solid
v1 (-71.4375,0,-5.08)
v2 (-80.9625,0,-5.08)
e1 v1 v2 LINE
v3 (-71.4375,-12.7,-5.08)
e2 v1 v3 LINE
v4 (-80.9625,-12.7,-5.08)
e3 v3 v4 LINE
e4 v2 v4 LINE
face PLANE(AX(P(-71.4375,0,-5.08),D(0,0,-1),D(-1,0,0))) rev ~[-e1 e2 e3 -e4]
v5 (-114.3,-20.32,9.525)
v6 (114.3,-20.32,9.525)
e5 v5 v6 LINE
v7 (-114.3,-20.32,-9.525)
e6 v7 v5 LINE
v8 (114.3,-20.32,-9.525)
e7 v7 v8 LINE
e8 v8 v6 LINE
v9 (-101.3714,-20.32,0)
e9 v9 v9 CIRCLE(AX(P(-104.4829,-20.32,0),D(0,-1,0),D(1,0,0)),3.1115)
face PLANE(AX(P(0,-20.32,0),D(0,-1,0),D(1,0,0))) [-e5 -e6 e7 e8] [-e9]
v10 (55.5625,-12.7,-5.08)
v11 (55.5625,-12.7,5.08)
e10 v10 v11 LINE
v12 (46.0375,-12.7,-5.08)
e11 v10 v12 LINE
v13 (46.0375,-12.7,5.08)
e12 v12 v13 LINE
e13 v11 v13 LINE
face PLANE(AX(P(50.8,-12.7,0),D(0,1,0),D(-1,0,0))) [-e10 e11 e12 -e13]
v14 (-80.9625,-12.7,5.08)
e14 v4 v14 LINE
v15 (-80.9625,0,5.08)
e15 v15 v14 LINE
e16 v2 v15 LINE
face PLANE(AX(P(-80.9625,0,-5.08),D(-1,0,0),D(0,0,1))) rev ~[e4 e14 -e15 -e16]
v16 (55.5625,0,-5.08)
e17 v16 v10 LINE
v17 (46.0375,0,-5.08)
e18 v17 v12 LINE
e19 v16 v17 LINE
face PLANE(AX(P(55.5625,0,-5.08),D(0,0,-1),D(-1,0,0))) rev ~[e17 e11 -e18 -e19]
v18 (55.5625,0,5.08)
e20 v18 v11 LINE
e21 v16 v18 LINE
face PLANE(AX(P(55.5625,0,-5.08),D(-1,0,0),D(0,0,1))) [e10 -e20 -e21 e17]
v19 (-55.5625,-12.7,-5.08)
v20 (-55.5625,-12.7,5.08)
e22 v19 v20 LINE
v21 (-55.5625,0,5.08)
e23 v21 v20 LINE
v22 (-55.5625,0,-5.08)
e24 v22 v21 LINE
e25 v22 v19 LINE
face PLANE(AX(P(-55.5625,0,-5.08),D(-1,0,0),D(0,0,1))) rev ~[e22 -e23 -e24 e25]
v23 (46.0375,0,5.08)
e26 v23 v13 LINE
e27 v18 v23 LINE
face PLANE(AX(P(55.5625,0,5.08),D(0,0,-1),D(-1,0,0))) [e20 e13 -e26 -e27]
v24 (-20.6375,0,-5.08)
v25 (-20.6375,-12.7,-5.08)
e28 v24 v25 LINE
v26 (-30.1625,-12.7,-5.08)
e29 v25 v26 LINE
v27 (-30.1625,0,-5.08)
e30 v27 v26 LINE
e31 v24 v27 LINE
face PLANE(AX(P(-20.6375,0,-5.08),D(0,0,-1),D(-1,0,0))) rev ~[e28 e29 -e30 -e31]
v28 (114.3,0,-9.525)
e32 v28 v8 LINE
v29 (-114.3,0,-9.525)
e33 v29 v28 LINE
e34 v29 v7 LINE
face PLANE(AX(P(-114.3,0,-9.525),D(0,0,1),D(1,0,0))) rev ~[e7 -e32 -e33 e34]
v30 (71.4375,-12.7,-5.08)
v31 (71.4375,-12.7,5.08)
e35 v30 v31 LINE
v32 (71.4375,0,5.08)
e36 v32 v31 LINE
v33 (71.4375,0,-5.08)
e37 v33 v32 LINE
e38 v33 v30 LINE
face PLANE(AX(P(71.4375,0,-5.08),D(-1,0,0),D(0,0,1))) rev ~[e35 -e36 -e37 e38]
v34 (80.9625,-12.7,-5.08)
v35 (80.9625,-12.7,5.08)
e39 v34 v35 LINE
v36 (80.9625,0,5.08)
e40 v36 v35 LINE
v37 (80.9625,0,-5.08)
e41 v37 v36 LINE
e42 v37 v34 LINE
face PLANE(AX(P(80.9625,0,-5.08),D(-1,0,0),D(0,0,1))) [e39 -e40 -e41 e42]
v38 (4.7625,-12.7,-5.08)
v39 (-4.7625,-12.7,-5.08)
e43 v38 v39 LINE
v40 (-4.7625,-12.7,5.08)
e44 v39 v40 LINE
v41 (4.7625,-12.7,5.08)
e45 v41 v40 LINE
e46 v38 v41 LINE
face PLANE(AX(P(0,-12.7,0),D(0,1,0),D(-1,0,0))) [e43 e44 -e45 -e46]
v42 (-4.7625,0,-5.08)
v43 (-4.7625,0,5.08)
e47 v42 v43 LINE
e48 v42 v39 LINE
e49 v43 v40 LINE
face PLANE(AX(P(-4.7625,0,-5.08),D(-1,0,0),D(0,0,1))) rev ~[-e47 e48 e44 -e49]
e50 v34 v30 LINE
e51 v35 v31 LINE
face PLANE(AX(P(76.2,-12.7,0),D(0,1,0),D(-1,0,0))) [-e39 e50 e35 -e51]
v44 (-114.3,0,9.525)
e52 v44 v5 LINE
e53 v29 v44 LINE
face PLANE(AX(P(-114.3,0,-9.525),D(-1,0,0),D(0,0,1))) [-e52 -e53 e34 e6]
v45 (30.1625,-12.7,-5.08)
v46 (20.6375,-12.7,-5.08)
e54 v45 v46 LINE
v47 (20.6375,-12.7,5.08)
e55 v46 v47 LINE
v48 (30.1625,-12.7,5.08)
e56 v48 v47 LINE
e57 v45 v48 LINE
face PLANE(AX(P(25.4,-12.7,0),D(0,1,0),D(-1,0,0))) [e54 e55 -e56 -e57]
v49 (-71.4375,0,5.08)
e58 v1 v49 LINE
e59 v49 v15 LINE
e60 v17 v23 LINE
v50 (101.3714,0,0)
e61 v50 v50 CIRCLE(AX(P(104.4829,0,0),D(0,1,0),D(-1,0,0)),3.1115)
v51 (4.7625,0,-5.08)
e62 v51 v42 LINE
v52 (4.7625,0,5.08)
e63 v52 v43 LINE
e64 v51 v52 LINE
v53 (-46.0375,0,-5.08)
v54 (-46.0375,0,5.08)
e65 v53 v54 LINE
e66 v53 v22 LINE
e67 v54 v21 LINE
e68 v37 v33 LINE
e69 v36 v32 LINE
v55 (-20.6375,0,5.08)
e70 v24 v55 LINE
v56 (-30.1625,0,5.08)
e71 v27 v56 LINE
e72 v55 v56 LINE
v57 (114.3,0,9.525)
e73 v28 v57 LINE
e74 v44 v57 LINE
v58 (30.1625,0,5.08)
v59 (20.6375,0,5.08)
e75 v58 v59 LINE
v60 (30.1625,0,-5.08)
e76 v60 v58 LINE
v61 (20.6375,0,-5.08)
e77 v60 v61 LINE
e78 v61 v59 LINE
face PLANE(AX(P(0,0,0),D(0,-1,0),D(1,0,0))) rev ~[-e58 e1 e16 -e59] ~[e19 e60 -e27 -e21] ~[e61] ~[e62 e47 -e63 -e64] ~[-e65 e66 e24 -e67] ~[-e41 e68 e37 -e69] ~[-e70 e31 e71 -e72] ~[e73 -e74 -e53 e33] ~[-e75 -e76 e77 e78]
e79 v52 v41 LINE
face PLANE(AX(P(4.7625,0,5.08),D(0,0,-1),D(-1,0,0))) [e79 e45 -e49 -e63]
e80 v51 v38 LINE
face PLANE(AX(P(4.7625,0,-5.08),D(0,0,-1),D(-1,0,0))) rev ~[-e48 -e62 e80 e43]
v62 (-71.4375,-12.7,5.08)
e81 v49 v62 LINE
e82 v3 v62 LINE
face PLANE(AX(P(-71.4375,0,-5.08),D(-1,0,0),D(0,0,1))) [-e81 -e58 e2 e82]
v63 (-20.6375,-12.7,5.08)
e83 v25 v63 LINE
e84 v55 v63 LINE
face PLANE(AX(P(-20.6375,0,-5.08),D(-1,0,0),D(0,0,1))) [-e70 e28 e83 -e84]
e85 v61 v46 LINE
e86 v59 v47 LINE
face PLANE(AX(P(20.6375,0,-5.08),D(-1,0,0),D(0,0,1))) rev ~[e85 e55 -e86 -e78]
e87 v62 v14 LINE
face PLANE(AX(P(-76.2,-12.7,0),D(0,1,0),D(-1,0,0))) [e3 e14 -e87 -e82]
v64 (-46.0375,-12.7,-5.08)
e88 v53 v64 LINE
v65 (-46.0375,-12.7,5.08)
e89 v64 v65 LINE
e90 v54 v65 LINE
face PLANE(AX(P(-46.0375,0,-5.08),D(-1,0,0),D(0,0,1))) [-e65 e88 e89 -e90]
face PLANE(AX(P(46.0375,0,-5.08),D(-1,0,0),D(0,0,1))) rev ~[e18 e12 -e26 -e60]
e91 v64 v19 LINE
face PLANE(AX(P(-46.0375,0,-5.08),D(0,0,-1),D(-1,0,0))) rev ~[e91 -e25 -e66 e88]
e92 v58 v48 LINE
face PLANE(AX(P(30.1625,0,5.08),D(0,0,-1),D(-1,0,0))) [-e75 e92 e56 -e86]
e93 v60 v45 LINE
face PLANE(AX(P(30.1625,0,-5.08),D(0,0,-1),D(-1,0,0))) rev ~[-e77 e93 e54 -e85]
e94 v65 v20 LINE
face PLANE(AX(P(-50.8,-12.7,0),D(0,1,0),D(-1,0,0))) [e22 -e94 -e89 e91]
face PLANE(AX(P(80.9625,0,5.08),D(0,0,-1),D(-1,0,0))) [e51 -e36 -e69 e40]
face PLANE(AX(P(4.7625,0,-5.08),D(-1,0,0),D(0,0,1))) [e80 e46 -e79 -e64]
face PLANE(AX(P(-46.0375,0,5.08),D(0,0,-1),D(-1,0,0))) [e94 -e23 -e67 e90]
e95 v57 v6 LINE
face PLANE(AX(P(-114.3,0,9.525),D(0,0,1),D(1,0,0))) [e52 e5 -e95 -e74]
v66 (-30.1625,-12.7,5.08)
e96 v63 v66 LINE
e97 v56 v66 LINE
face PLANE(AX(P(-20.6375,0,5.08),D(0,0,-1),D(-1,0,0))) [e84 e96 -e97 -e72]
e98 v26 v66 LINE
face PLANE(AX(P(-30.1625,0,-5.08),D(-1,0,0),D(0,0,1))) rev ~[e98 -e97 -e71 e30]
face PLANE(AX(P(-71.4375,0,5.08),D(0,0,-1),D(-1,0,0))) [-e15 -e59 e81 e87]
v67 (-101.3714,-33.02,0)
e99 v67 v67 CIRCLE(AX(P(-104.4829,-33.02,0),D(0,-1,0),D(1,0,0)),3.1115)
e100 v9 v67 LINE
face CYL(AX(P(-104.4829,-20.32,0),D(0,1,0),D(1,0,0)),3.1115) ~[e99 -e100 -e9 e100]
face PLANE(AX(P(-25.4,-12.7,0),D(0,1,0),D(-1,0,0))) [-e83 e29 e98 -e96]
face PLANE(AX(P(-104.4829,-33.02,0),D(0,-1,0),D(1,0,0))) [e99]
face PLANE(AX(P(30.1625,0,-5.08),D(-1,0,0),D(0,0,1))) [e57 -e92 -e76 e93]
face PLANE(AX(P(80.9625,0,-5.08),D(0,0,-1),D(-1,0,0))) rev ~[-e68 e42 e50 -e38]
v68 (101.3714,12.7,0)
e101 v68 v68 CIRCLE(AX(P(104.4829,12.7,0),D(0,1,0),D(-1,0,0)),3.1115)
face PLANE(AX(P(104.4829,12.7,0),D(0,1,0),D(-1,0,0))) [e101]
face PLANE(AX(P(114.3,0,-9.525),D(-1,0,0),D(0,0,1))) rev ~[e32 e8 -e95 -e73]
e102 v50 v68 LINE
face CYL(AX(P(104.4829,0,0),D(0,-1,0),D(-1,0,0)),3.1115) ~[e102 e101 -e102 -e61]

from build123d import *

# Parameters (mm, degrees)
F0_W     = 228.6
F0_H     = 19.05
F1_DEPTH = 20.32
F3_W     = 9.525
F3_H     = 10.16
F4_DEPTH = 12.7
F2_R     = 3.1115
F5_DEPTH = 12.7
F6_R     = 3.1115
F7_DEPTH = 12.7


with BuildPart() as f1:
    # F0 (on Front) → F1 (new body)
    with BuildSketch(Plane.XZ):
        Rectangle(F0_W, F0_H)
    extrude(amount=F1_DEPTH)

    # F3 (on face) → F4 (cut)
    with BuildSketch(Plane(origin=(0, 0, 0), x_dir=(-1, 0, 0), z_dir=(0, 1, 0))):
        Rectangle(F3_W, F3_H)
        with Locations((25.4, 0)):
            Rectangle(F3_W, F3_H)
        with Locations((50.8, 0)):
            Rectangle(F3_W, F3_H)
        with Locations((-25.4, 0)):
            Rectangle(F3_W, F3_H)
        with Locations((-50.8, 0)):
            Rectangle(F3_W, F3_H)
        with Locations((-76.2, 0)):
            Rectangle(F3_W, F3_H)
        with Locations((76.2, 0)):
            Rectangle(F3_W, F3_H)
    extrude(amount=-F4_DEPTH, mode=Mode.SUBTRACT)

    # F2 (on face) → F5 (join)
    with BuildSketch(Plane.XZ.offset(20.32)):
        with Locations((-104.4829, 0)):
            Circle(F2_R)
    extrude(amount=F5_DEPTH)

    # F6 (on face) → F7 (join)
    with BuildSketch(Plane(origin=(0, 0, 0), x_dir=(-1, 0, 0), z_dir=(0, 1, 0))):
        with Locations((-104.4829, 0)):
            Circle(F6_R)
    extrude(amount=F7_DEPTH)


solid = f1.part
